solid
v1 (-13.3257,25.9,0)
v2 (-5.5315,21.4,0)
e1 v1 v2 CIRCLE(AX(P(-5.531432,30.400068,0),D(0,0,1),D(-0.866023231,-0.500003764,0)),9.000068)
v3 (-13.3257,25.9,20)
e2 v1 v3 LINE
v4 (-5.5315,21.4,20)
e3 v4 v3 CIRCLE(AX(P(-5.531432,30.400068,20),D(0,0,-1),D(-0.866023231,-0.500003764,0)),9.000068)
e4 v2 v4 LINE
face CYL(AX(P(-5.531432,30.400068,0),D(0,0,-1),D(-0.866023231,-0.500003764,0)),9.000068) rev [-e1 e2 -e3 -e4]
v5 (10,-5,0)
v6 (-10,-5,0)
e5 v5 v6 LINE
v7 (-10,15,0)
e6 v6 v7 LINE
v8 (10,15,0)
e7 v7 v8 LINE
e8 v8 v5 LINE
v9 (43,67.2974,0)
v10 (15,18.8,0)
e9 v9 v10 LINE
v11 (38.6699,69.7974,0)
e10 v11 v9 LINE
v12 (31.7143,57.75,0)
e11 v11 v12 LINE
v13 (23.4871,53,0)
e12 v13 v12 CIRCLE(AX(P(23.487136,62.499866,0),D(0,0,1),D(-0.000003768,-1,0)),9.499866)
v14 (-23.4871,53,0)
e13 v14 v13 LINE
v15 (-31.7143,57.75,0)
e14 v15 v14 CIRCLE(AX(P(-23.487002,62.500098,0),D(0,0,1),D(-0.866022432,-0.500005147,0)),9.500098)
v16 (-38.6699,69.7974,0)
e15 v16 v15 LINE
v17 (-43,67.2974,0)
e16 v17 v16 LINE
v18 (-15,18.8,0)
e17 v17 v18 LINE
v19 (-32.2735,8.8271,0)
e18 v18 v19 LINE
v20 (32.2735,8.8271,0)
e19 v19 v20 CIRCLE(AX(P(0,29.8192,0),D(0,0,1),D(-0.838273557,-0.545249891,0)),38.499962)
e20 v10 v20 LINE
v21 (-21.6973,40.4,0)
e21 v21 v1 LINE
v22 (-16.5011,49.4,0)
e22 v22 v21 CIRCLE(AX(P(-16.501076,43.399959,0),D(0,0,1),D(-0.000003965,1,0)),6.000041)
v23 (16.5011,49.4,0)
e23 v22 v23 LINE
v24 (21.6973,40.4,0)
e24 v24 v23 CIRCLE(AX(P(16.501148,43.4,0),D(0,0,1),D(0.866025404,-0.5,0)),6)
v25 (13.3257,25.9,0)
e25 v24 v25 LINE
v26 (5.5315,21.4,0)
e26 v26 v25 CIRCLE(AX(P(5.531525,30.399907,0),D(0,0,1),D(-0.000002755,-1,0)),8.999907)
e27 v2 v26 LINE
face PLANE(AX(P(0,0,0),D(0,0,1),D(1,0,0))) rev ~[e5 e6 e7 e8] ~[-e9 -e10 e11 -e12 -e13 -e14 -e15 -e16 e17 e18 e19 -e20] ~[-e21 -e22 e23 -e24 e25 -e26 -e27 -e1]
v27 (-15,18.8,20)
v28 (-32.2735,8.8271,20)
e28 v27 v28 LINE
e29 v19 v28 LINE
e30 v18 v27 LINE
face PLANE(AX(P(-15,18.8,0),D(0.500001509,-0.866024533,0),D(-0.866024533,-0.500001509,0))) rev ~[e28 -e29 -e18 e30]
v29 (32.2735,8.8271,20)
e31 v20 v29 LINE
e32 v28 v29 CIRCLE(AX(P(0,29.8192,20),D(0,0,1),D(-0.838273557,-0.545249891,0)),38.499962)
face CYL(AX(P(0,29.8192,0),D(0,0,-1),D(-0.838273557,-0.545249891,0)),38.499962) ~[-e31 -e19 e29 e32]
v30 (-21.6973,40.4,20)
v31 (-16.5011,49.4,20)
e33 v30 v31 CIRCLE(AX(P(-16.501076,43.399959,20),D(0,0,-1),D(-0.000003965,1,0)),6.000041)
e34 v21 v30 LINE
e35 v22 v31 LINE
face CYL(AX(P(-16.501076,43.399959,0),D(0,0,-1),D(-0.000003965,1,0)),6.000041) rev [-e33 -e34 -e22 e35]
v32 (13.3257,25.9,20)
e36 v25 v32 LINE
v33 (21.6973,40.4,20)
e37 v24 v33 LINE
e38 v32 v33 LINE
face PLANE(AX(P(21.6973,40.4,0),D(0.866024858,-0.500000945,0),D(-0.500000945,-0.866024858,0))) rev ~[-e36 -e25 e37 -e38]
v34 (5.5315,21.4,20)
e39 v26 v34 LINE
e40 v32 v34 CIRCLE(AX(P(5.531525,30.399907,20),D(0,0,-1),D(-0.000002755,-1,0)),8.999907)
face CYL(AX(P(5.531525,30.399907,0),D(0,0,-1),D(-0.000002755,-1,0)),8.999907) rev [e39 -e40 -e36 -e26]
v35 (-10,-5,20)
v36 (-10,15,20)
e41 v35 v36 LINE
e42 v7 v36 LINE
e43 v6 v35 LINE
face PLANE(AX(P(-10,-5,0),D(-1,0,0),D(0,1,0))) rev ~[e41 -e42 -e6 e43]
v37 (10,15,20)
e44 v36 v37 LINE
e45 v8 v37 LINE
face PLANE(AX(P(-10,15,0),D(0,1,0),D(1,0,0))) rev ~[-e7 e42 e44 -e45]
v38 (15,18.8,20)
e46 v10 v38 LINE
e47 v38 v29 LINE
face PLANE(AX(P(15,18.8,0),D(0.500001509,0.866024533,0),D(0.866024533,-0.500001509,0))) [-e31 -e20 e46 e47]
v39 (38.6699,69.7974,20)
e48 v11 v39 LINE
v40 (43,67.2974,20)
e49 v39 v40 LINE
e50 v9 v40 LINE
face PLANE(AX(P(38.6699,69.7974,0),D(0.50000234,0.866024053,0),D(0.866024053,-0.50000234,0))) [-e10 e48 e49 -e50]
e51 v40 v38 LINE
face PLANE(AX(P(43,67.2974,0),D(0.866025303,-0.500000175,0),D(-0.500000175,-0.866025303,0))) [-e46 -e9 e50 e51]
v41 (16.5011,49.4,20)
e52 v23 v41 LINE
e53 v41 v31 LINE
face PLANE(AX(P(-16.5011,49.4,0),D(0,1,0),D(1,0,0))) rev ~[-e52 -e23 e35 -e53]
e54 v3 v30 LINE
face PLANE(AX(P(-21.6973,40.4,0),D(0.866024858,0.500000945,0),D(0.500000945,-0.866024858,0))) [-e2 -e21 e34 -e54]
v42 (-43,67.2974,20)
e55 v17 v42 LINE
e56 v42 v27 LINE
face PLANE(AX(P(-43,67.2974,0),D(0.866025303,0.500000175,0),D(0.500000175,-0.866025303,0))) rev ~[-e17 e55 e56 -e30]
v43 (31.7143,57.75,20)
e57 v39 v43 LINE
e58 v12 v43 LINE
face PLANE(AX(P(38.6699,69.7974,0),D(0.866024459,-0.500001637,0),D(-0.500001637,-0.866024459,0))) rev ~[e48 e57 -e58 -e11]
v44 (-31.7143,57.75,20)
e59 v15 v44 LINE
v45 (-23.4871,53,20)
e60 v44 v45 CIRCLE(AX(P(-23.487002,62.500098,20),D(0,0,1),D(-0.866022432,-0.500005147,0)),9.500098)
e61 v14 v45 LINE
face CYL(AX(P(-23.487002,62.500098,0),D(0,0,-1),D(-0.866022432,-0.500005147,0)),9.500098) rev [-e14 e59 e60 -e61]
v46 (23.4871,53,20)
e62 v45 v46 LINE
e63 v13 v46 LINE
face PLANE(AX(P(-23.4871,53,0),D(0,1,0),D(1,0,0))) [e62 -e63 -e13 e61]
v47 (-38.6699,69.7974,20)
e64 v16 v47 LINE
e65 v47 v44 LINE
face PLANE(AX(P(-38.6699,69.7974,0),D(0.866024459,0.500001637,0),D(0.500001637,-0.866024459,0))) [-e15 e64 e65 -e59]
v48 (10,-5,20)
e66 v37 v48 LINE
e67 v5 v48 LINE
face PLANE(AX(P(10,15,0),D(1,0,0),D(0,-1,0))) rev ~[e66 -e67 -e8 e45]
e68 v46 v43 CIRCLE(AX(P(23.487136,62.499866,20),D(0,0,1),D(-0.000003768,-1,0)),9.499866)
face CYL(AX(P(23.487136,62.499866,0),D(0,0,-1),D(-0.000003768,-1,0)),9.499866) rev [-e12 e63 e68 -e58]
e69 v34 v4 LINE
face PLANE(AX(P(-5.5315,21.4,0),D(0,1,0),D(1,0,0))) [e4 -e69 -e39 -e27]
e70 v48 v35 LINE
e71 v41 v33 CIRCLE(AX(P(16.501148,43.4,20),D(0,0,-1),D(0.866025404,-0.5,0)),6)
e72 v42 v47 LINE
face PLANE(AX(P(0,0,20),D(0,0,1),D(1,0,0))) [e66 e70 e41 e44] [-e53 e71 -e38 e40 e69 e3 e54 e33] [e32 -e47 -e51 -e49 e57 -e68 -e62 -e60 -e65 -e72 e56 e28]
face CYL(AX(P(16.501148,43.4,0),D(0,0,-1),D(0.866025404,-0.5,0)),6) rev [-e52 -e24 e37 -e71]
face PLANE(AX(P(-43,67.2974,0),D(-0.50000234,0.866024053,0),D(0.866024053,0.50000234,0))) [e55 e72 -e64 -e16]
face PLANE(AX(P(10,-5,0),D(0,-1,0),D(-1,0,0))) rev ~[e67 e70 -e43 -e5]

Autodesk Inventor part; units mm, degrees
ref_plane "YZ Plane" through (0, 0, 0) normal (1, 0, 0) x (0, 1, 0)
ref_plane "XZ Plane" through (0, 0, 0) normal (0, 1, 0) x (-1, 0, 0)
ref_plane "XY Plane" through (0, 0, 0) normal (0, 0, 1) x (1, 0, 0)
sketch "Sketch1" plane through (0, 0, 0) normal (0, 0, 1) x (1, 0, 0)
  line L0 (-60.4663, 57.5499) -> (-26.2078, -1.7874) construction
  line L1 (60.5489, 57.6931) -> (26.7783, -0.7993) construction
  line L2 (-46.1983, -8.6) -> (53.905, -8.6) construction
  line L3 (-43, 67.2974) -> (-15, 18.8)
  line L4 (43, 67.2974) -> (15, 18.8)
  line L5 (15, 18.8) -> (32.2735, 8.8271)
  line L6 (-15, 18.8) -> (-32.2735, 8.8271)
  line L7 (-43, 67.2974) -> (-38.6699, 69.7974)
  line L8 (38.6699, 69.7974) -> (43, 67.2974)
  line L9 (-10, 15) -> (10, 15)
  line L10 (10, 15) -> (10, -5)
  line L11 (10, -5) -> (-10, -5)
  line L12 (-10, -5) -> (-10, 15)
  line L13 (-38.6699, 69.7974) -> (-31.7143, 57.75)
  line L14 (38.6699, 69.7974) -> (31.7143, 57.75)
  line L15 (10.7276, 21.4) -> (10.6699, 21.3)
  line L16 (-5.5315, 21.4) -> (5.5315, 21.4)
  arc A0 (-32.2735, 8.8271) -> (32.2735, 8.8271) centre (0, 29.8192) ccw
  arc A1 (-33.342, 10.5692) -> (-32.2735, 8.8271) centre (0, 29.8192) ccw
  line L17 (-16.5011, 49.4) -> (16.5011, 49.4)
  line L18 (-23.4871, 53) -> (23.4871, 53)
  line L19 (-21.6973, 40.4) -> (-13.3257, 25.9)
  line L20 (21.6973, 40.4) -> (13.3257, 25.9)
  arc A2 (-31.7143, 57.75) -> (-23.4871, 53) centre (-23.4871, 62.5) ccw
  arc A3 (23.4871, 53) -> (31.7143, 57.75) centre (23.4871, 62.5) ccw
  arc A4 (-13.3257, 25.9) -> (-5.5315, 21.4) centre (-5.5315, 30.4) ccw
  arc A5 (5.5315, 21.4) -> (13.3257, 25.9) centre (5.5315, 30.4) ccw
  arc A6 (-16.5011, 49.4) -> (-21.6973, 40.4) centre (-16.5011, 43.4) ccw
  arc A7 (21.6973, 40.4) -> (16.5011, 49.4) centre (16.5011, 43.4) ccw
  point P0 (0, 0)
  point P1 (-10.7276, 21.4)
  point P2 (-26.8934, 49.4)
  point P3 (26.8934, 49.4)
  dimension "d12" = 30
  dimension "d13" = 15
  dimension "d15" = 20
  dimension "d16" = 20
  dimension "d20" = 56
  dimension "d21" = 56
  dimension "d22" = 20
  dimension "d23" = 20
  dimension "d24" = 10
  dimension "d31" = 15
  dimension "d33" = 77
  dimension "d34" = 30
  dimension "d37" = 28
  dimension "d38" = 5
  dimension "d39" = 5
  dimension "d40" = 3.6
  dimension "d41" = 9.5
  dimension "d42" = 9
  dimension "d43" = 6
extrude "Extrusion2" add sketch "Sketch1" along normal blind 20 contours L7 L13 A2 L18 A3 L14 L8 L4 L5 A0 L6 L3 | A4 L19 A6 L17 A7 L20 A5 L16
extrude "Extrusion3" cut sketch "Sketch1" along normal through all contours A4 L19 A6 L17 A7 L20 A5 L16
equation "\"d13\" = 0.5 * d12"
equation "\"d23\" = d22"
equation "\"d24\" = 0.5 * d22"
equation "\"d39\" = d38"
properties part number "vertex-01" material "Aluminum 6061"
